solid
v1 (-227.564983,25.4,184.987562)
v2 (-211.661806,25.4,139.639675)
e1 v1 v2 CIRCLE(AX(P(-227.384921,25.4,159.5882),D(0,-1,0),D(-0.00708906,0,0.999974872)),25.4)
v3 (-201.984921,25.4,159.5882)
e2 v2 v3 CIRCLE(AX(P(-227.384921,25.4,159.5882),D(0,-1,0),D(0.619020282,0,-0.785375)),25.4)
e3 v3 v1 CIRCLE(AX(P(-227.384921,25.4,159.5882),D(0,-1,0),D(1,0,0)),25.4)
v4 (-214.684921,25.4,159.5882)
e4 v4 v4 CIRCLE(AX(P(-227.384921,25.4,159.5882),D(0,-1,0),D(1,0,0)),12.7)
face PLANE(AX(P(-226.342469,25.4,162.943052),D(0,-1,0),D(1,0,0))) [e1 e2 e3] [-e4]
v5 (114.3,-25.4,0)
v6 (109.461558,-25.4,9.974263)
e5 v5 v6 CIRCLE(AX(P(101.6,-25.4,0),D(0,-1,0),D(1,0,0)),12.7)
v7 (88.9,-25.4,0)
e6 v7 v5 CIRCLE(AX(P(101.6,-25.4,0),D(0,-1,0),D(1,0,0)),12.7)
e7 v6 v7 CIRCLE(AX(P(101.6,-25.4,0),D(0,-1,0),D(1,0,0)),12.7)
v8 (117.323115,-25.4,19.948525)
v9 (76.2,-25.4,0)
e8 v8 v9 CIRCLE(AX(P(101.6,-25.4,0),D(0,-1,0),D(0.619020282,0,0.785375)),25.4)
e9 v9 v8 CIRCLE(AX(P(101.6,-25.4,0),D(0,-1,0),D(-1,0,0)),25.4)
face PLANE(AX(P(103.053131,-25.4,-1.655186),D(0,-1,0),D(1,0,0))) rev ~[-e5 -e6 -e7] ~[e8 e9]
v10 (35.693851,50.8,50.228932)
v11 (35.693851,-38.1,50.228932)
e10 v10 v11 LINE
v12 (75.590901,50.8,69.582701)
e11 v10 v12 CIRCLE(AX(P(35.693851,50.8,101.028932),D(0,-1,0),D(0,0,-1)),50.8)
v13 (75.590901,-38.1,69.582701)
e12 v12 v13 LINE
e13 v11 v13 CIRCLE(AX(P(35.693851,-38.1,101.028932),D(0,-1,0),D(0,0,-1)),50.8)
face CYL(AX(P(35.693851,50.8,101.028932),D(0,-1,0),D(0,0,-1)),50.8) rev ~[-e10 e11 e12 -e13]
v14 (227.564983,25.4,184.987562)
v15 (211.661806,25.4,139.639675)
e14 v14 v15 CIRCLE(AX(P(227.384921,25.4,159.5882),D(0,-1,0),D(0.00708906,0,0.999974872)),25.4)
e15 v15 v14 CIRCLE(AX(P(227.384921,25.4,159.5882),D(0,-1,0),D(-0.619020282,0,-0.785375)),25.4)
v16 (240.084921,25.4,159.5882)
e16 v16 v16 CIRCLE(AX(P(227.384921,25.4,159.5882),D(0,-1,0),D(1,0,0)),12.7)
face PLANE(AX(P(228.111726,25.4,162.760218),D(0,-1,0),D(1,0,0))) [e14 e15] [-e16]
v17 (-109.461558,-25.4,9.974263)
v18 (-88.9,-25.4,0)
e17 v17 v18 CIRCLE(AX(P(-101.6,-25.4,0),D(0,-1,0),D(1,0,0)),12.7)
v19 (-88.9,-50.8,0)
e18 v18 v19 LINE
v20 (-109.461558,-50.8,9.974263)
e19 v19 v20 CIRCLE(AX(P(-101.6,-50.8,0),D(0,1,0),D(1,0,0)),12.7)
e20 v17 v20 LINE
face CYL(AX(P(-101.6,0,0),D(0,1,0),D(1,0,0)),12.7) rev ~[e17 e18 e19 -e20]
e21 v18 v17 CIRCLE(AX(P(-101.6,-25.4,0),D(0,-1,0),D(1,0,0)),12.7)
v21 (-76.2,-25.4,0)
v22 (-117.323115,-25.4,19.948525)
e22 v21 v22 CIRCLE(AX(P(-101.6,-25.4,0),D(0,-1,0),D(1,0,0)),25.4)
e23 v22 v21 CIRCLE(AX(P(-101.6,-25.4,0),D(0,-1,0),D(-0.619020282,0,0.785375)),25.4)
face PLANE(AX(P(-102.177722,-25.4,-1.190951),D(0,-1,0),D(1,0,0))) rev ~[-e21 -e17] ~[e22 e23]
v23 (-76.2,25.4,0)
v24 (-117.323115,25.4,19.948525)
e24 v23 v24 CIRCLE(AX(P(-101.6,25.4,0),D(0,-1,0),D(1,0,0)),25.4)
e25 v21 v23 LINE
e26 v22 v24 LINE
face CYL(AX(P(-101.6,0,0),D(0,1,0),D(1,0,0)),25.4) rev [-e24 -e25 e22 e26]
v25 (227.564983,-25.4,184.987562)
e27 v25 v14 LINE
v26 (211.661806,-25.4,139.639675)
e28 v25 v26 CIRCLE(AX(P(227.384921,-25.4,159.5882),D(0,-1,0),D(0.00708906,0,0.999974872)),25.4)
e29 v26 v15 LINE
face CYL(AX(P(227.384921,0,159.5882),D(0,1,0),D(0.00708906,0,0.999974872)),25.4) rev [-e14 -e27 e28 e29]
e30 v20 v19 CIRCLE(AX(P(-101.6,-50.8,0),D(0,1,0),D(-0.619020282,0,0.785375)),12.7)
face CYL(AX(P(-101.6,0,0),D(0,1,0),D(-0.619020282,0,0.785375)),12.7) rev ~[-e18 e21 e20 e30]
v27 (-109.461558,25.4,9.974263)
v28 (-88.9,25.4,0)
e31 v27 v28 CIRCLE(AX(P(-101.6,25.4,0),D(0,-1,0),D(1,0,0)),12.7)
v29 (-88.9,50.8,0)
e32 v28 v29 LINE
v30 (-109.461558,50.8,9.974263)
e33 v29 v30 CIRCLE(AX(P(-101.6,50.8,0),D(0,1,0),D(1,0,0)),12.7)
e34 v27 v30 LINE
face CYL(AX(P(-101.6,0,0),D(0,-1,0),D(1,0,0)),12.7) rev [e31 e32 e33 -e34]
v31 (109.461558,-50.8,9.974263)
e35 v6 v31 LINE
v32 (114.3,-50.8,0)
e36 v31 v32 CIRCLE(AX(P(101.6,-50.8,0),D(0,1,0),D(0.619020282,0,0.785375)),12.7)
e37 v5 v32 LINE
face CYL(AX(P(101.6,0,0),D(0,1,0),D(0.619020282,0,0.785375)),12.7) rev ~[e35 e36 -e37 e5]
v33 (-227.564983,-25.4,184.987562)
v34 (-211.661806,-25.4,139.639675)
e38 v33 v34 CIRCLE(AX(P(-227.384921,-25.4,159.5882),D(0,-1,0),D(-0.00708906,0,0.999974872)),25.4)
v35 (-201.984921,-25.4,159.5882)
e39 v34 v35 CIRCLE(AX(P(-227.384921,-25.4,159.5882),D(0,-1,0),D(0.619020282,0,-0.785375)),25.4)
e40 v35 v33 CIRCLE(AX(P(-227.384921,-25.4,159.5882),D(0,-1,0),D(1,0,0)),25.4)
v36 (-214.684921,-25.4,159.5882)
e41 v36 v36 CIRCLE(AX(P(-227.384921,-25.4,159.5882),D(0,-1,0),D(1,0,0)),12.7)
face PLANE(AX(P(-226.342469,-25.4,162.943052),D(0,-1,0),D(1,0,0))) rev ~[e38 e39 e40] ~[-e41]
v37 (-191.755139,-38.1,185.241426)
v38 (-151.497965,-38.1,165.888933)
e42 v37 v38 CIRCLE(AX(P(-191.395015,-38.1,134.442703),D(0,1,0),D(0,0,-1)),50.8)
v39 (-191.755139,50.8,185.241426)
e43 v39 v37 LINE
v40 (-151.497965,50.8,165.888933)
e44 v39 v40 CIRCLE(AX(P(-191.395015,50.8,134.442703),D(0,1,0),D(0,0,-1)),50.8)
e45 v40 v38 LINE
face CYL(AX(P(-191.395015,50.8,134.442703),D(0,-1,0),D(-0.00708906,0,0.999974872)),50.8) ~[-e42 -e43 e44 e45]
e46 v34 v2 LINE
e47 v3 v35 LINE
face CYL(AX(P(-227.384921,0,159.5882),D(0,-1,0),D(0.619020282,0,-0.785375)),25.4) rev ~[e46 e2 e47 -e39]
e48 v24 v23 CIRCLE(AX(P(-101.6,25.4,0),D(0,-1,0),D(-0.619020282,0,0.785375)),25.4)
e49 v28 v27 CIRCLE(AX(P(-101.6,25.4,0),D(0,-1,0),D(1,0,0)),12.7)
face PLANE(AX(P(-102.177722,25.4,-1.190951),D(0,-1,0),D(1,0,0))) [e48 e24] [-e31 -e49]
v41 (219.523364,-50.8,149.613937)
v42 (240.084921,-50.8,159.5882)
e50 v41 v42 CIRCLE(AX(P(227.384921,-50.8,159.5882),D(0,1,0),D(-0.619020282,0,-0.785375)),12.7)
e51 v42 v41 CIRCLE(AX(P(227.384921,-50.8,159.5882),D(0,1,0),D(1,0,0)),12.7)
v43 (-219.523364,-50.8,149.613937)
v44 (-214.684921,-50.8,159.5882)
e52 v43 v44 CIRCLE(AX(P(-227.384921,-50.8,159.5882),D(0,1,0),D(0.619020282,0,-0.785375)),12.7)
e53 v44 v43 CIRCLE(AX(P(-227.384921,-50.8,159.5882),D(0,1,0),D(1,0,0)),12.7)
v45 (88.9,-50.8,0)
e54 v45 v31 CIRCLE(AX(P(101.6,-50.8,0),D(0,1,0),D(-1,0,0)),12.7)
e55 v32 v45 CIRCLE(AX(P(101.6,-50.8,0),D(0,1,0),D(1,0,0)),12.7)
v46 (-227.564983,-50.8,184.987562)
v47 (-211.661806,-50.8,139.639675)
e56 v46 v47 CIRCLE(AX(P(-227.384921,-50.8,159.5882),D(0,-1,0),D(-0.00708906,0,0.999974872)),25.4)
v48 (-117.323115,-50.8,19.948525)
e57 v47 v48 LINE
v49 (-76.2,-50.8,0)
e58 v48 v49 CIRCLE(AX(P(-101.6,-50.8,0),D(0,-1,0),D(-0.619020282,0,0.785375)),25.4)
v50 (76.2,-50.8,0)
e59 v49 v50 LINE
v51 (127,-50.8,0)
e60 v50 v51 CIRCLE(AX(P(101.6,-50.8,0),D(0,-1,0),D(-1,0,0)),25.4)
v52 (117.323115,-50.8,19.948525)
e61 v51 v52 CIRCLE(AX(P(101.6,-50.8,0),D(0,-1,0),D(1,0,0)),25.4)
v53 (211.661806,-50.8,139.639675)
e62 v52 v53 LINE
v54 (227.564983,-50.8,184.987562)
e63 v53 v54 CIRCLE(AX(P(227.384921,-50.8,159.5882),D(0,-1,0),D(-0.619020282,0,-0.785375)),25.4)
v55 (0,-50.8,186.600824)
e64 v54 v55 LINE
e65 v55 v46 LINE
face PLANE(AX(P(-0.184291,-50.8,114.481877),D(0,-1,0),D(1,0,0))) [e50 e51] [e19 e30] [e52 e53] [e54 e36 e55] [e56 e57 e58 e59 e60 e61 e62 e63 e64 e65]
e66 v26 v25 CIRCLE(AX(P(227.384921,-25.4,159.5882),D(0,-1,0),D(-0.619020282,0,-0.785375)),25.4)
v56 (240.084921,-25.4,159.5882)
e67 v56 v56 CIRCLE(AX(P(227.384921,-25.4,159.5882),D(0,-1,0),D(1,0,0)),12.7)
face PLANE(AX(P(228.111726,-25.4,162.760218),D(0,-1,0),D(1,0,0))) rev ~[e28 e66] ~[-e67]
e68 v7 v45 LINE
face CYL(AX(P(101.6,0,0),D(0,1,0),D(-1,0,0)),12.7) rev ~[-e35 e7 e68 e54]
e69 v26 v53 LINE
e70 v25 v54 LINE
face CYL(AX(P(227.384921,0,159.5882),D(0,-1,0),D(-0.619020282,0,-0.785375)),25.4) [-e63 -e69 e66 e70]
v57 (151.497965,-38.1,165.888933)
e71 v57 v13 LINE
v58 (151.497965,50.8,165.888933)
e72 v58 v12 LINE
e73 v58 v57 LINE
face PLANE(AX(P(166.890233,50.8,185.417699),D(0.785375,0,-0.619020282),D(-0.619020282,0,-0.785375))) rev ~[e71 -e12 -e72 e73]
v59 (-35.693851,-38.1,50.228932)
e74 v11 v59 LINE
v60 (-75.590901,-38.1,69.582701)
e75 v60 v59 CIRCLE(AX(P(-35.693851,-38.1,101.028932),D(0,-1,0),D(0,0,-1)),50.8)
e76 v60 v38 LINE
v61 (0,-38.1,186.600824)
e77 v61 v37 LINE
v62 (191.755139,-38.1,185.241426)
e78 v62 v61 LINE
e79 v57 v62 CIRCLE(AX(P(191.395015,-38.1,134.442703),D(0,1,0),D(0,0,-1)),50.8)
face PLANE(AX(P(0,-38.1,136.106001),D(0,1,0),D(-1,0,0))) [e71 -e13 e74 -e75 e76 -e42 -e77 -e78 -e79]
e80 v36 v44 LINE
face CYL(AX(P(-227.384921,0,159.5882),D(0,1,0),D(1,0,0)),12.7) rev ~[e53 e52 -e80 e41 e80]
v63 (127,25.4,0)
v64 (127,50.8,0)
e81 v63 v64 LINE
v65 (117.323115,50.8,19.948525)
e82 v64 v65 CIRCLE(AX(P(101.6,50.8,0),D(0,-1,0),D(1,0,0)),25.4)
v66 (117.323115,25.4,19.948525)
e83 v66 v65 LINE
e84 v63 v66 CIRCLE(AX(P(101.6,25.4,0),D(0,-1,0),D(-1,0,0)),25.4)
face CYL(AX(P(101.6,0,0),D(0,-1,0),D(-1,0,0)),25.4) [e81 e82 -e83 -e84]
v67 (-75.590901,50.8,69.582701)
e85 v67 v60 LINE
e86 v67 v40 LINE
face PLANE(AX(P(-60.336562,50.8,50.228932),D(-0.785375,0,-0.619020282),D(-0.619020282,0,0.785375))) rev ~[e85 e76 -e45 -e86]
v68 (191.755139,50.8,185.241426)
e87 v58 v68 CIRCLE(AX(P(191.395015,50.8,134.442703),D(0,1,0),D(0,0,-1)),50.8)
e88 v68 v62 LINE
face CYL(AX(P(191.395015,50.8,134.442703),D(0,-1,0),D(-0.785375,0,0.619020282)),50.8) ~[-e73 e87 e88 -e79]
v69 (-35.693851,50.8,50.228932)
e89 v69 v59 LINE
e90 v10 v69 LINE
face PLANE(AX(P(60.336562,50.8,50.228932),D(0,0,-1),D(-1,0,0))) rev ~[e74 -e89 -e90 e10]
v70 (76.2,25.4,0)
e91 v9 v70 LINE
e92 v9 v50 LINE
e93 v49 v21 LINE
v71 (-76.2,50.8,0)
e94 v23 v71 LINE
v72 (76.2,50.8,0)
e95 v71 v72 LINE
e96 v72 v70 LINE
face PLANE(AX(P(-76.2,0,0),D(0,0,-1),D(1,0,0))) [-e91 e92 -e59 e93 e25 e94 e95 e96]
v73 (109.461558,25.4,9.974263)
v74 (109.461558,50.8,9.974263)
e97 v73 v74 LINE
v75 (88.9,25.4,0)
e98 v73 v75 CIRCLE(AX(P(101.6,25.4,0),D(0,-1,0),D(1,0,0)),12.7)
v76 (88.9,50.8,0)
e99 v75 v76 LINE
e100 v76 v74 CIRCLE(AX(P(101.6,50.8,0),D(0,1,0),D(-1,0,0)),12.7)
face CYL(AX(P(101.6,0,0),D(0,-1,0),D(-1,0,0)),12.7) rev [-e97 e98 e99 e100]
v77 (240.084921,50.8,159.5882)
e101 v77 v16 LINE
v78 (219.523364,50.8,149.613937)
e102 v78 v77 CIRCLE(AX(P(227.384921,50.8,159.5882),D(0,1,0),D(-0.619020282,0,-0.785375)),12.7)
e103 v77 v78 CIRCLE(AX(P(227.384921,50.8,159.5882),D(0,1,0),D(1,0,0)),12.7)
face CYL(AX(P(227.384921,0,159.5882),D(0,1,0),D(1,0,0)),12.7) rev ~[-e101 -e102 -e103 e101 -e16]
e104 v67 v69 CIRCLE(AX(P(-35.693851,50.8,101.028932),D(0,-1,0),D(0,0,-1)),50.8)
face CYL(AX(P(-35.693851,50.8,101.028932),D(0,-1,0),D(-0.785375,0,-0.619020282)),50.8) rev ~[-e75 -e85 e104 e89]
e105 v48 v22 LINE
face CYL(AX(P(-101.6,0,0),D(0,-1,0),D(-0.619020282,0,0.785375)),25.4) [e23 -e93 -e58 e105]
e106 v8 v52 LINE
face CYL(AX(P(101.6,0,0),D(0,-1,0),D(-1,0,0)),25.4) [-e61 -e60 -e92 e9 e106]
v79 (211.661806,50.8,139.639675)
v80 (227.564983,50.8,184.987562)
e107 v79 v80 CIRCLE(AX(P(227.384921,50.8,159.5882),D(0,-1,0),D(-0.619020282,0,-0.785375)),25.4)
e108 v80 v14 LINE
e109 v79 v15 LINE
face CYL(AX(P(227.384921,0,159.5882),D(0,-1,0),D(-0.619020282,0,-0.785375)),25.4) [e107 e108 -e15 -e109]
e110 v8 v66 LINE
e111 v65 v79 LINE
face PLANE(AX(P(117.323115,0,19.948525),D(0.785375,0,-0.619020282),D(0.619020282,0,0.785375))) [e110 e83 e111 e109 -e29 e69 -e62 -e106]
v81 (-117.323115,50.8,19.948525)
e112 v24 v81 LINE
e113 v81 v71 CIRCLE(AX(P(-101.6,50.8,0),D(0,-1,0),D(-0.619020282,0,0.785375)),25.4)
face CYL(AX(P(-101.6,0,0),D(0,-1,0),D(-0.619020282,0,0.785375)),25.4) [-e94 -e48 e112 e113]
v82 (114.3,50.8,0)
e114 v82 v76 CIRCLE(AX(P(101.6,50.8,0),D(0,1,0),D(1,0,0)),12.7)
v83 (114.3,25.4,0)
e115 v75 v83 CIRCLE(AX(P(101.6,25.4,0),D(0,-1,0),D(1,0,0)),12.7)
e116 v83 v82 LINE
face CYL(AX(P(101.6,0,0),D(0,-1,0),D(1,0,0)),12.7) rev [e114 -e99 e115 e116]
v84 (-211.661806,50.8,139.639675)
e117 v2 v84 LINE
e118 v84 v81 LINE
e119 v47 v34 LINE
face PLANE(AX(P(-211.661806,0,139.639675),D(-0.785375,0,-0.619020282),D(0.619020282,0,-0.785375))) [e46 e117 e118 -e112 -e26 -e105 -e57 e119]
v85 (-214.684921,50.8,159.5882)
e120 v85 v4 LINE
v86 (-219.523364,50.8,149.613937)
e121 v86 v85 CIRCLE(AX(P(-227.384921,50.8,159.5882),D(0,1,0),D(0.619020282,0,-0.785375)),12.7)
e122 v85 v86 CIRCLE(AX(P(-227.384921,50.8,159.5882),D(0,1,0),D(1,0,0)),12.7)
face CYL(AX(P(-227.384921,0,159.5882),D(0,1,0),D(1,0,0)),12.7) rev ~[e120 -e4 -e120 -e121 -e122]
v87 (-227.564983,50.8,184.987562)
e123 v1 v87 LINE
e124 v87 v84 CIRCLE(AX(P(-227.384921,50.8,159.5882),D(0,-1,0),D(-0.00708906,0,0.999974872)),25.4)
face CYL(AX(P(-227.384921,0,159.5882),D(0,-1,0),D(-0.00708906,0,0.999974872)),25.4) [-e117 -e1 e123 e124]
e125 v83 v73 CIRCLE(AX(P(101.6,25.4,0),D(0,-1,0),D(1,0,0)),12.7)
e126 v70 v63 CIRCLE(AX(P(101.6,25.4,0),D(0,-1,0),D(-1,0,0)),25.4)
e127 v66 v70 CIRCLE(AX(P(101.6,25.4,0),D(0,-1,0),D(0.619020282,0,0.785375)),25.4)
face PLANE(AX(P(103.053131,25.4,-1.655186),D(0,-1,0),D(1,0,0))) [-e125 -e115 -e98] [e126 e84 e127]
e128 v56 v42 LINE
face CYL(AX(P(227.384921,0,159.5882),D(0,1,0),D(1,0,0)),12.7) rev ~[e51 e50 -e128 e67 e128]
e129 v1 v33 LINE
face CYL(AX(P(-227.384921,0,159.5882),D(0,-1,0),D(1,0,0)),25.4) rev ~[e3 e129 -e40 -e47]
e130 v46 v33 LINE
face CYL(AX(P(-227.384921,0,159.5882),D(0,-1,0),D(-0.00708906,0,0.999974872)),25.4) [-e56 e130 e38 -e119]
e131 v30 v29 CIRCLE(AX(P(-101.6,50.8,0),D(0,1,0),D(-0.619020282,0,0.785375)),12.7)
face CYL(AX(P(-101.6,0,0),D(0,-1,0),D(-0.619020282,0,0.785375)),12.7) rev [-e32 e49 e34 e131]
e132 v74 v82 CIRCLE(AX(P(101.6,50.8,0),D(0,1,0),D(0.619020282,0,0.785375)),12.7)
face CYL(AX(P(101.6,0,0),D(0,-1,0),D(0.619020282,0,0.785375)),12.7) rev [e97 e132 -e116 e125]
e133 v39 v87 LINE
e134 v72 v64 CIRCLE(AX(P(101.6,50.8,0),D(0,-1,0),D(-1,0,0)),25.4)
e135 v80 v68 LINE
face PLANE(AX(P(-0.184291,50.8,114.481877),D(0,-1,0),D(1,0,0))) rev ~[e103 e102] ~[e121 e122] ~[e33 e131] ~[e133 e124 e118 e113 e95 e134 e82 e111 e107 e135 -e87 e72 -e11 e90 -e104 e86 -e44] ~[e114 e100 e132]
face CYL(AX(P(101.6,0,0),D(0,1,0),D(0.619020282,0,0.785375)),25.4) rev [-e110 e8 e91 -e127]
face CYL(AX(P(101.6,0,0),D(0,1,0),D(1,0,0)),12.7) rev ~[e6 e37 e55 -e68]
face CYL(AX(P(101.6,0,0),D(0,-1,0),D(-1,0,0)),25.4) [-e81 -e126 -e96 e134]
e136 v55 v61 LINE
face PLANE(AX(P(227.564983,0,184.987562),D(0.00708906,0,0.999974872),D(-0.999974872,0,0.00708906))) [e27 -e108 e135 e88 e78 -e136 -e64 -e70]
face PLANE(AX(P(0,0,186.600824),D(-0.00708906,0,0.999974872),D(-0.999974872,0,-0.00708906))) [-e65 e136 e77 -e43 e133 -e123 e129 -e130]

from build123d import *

# Parameters (mm, degrees)
F2_DEPTH = 50.8
F4_DEPTH = 88.9
F5_R     = 50.8
F6_R     = 12.7
F7_DEPTH = 25.4


with BuildPart() as f2:
    # F0 (on Front) → F2 (new body, symmetric)
    with BuildSketch(Plane.XZ):
        with BuildLine():
            Line((-76.2, 0), (0, 0))
            Line((0, 0), (76.2, 0))
            ThreePointArc((76.2, 0), (90.5141334361, 22.8530864989), (117.3231151597, 19.948525))
            Line((117.3231151597, 19.948525), (211.6618061177, 139.639675))
            ThreePointArc((211.6618061177, 139.639675), (203.4161012645, 167.9938925468), (227.564983392, 184.9875617564))
            Line((227.564983392, 184.9875617564), (0, 186.6008240309))
            Line((0, 186.6008240309), (-227.564983392, 184.9875617564))
            ThreePointArc((-227.564983392, 184.9875617564), (-209.4881838332, 177.6122613863), (-201.9849212774, 159.5882))
            ThreePointArc((-201.9849212774, 159.5882), (-204.5318347785, 148.5023334361), (-211.6618061177, 139.639675))
            Line((-211.6618061177, 139.639675), (-117.3231151597, 19.948525))
            ThreePointArc((-117.3231151597, 19.948525), (-90.5141334361, 22.8530864989), (-76.2, 0))
        make_face()
        with BuildLine():
            ThreePointArc((-227.564983392, 184.9875617564), (-251.3537412903, 151.1825074532), (-211.6618061177, 139.639675))
            ThreePointArc((-211.6618061177, 139.639675), (-204.5318347785, 148.5023334361), (-201.9849212774, 159.5882))
            ThreePointArc((-201.9849212774, 159.5882), (-209.4881838332, 177.6122613863), (-227.564983392, 184.9875617564))
        make_face()
        with BuildLine():
            ThreePointArc((-214.6849212774, 159.5882), (-215.9583780279, 154.0452667181), (-219.5233636976, 149.6139375))
            ThreePointArc((-219.5233636976, 149.6139375), (-238.8114645269, 165.1311332819), (-214.6849212774, 159.5882))
        make_face(mode=Mode.SUBTRACT)
        with BuildLine():
            ThreePointArc((-117.3231151597, 19.948525), (-112.6858665639, -22.8530864989), (-76.2, 0))
            Line((-76.2, 0), (-88.9, 0))
            ThreePointArc((-88.9, 0), (-107.1429332819, -11.4265432495), (-109.4615575798, 9.9742625))
            Line((-109.4615575798, 9.9742625), (-117.3231151597, 19.948525))
        make_face()
        with BuildLine():
            Line((88.9, 0), (76.2, 0))
            ThreePointArc((76.2, 0), (101.6, -25.4), (127, 0))
            ThreePointArc((127, 0), (124.4530864989, 11.0858665639), (117.3231151597, 19.948525))
            Line((117.3231151597, 19.948525), (109.4615575798, 9.9742625))
            ThreePointArc((109.4615575798, 9.9742625), (113.0265432495, 5.5429332819), (114.3, 0))
            ThreePointArc((114.3, 0), (101.6, -12.7), (88.9, 0))
        make_face()
        with BuildLine():
            ThreePointArc((117.3231151597, 19.948525), (90.5141334361, 22.8530864989), (76.2, 0))
            Line((76.2, 0), (88.9, 0))
            ThreePointArc((88.9, 0), (96.0570667181, 11.4265432495), (109.4615575798, 9.9742625))
            Line((109.4615575798, 9.9742625), (117.3231151597, 19.948525))
        make_face()
        with BuildLine():
            Line((-88.9, 0), (-76.2, 0))
            ThreePointArc((-76.2, 0), (-90.5141334361, 22.8530864989), (-117.3231151597, 19.948525))
            Line((-117.3231151597, 19.948525), (-109.4615575798, 9.9742625))
            ThreePointArc((-109.4615575798, 9.9742625), (-96.0570667181, 11.4265432495), (-88.9, 0))
        make_face()
        with BuildLine():
            ThreePointArc((227.564983392, 184.9875617564), (203.4161012645, 167.9938925468), (211.6618061177, 139.639675))
            ThreePointArc((211.6618061177, 139.639675), (238.4707878413, 136.7351135011), (252.7849212774, 159.5882))
            ThreePointArc((252.7849212774, 159.5882), (245.4089826636, 177.4849374441), (227.564983392, 184.9875617564))
        make_face()
        with BuildLine():
            ThreePointArc((240.0849212774, 159.5882), (232.9278545593, 148.1616567505), (219.5233636976, 149.6139375))
            ThreePointArc((219.5233636976, 149.6139375), (221.8419879955, 171.0147432495), (240.0849212774, 159.5882))
        make_face(mode=Mode.SUBTRACT)
    extrude(amount=F2_DEPTH, both=True)

    # F3 (on face) → F4 (cut)
    with BuildSketch(Plane(origin=(0, 50.8, 0), x_dir=(-1, 0, 0), z_dir=(0, 1, 0))):
        Polygon((0, 186.6008240309), (-166.8902328226, 185.4176994896), (-60.3365621927, 50.2289318176), (60.3365621927, 50.2289318176), (166.8902328226, 185.4176994896), align=None)
    extrude(amount=-F4_DEPTH, mode=Mode.SUBTRACT)

    # F5
    f5_edges = [f2.edges().sort_by_distance(p)[0] for p in [
        (166.890233, 6.35, 185.417699),
        (-166.890233, 6.35, 185.417699),
        (-60.336562, 6.35, 50.228932),
        (60.336562, 6.35, 50.228932),
    ]]
    fillet(f5_edges, radius=F5_R)

    # F6 (on face) → F7 (cut, symmetric)
    with BuildSketch(Plane.XZ):
        with BuildLine():
            ThreePointArc((206.9448715698, 133.6551175), (241.7965478104, 129.8791875514), (260.4049212774, 159.5882))
            ThreePointArc((260.4049212774, 159.5882), (241.5199905801, 189.4297853434), (206.4666889451, 185.1371325822))
            Line((206.4666889451, 185.1371325822), (227.564983392, 184.9875617564))
            ThreePointArc((227.564983392, 184.9875617564), (203.4161012645, 167.9938925468), (211.6618061177, 139.639675))
            Line((211.6618061177, 139.639675), (206.9448715698, 133.6551175))
        make_face()
        with Locations((227.3849212774, 159.5882)):
            Circle(F6_R, mode=Mode.SUBTRACT)
        with BuildLine():
            ThreePointArc((134.62, 0), (131.3090124486, 14.411626533), (122.0400497076, 25.9330825))
            Line((122.0400497076, 25.9330825), (117.3231151597, 19.948525))
            ThreePointArc((117.3231151597, 19.948525), (90.5141334361, 22.8530864989), (76.2, 0))
            Line((76.2, 0), (68.58, 0))
            ThreePointArc((68.58, 0), (101.6, -33.02), (134.62, 0))
        make_face()
        with Locations((101.6, 0)):
            Circle(F6_R, mode=Mode.SUBTRACT)
        with BuildLine():
            Line((-117.3231151597, 19.948525), (-122.0400497076, 25.9330825))
            ThreePointArc((-122.0400497076, 25.9330825), (-116.011626533, -29.7090124486), (-68.58, 0))
            Line((-68.58, 0), (-76.2, 0))
            ThreePointArc((-76.2, 0), (-90.5141334361, 22.8530864989), (-117.3231151597, 19.948525))
        make_face()
        with Locations((-101.6, 0)):
            Circle(F6_R, mode=Mode.SUBTRACT)
        with BuildLine():
            Line((-227.564983392, 184.9875617564), (-206.4666889451, 185.1371325822))
            ThreePointArc((-206.4666889451, 185.1371325822), (-260.403496997, 159.8948878633), (-206.9448715698, 133.6551175))
            Line((-206.9448715698, 133.6551175), (-211.6618061177, 139.639675))
            ThreePointArc((-211.6618061177, 139.639675), (-204.5318347785, 148.5023334361), (-201.9849212774, 159.5882))
            ThreePointArc((-201.9849212774, 159.5882), (-209.4881838332, 177.6122613863), (-227.564983392, 184.9875617564))
        make_face()
        with Locations((-227.3849212774, 159.5882)):
            Circle(F6_R, mode=Mode.SUBTRACT)
    extrude(amount=F7_DEPTH, both=True, mode=Mode.SUBTRACT)


solid = f2.part
